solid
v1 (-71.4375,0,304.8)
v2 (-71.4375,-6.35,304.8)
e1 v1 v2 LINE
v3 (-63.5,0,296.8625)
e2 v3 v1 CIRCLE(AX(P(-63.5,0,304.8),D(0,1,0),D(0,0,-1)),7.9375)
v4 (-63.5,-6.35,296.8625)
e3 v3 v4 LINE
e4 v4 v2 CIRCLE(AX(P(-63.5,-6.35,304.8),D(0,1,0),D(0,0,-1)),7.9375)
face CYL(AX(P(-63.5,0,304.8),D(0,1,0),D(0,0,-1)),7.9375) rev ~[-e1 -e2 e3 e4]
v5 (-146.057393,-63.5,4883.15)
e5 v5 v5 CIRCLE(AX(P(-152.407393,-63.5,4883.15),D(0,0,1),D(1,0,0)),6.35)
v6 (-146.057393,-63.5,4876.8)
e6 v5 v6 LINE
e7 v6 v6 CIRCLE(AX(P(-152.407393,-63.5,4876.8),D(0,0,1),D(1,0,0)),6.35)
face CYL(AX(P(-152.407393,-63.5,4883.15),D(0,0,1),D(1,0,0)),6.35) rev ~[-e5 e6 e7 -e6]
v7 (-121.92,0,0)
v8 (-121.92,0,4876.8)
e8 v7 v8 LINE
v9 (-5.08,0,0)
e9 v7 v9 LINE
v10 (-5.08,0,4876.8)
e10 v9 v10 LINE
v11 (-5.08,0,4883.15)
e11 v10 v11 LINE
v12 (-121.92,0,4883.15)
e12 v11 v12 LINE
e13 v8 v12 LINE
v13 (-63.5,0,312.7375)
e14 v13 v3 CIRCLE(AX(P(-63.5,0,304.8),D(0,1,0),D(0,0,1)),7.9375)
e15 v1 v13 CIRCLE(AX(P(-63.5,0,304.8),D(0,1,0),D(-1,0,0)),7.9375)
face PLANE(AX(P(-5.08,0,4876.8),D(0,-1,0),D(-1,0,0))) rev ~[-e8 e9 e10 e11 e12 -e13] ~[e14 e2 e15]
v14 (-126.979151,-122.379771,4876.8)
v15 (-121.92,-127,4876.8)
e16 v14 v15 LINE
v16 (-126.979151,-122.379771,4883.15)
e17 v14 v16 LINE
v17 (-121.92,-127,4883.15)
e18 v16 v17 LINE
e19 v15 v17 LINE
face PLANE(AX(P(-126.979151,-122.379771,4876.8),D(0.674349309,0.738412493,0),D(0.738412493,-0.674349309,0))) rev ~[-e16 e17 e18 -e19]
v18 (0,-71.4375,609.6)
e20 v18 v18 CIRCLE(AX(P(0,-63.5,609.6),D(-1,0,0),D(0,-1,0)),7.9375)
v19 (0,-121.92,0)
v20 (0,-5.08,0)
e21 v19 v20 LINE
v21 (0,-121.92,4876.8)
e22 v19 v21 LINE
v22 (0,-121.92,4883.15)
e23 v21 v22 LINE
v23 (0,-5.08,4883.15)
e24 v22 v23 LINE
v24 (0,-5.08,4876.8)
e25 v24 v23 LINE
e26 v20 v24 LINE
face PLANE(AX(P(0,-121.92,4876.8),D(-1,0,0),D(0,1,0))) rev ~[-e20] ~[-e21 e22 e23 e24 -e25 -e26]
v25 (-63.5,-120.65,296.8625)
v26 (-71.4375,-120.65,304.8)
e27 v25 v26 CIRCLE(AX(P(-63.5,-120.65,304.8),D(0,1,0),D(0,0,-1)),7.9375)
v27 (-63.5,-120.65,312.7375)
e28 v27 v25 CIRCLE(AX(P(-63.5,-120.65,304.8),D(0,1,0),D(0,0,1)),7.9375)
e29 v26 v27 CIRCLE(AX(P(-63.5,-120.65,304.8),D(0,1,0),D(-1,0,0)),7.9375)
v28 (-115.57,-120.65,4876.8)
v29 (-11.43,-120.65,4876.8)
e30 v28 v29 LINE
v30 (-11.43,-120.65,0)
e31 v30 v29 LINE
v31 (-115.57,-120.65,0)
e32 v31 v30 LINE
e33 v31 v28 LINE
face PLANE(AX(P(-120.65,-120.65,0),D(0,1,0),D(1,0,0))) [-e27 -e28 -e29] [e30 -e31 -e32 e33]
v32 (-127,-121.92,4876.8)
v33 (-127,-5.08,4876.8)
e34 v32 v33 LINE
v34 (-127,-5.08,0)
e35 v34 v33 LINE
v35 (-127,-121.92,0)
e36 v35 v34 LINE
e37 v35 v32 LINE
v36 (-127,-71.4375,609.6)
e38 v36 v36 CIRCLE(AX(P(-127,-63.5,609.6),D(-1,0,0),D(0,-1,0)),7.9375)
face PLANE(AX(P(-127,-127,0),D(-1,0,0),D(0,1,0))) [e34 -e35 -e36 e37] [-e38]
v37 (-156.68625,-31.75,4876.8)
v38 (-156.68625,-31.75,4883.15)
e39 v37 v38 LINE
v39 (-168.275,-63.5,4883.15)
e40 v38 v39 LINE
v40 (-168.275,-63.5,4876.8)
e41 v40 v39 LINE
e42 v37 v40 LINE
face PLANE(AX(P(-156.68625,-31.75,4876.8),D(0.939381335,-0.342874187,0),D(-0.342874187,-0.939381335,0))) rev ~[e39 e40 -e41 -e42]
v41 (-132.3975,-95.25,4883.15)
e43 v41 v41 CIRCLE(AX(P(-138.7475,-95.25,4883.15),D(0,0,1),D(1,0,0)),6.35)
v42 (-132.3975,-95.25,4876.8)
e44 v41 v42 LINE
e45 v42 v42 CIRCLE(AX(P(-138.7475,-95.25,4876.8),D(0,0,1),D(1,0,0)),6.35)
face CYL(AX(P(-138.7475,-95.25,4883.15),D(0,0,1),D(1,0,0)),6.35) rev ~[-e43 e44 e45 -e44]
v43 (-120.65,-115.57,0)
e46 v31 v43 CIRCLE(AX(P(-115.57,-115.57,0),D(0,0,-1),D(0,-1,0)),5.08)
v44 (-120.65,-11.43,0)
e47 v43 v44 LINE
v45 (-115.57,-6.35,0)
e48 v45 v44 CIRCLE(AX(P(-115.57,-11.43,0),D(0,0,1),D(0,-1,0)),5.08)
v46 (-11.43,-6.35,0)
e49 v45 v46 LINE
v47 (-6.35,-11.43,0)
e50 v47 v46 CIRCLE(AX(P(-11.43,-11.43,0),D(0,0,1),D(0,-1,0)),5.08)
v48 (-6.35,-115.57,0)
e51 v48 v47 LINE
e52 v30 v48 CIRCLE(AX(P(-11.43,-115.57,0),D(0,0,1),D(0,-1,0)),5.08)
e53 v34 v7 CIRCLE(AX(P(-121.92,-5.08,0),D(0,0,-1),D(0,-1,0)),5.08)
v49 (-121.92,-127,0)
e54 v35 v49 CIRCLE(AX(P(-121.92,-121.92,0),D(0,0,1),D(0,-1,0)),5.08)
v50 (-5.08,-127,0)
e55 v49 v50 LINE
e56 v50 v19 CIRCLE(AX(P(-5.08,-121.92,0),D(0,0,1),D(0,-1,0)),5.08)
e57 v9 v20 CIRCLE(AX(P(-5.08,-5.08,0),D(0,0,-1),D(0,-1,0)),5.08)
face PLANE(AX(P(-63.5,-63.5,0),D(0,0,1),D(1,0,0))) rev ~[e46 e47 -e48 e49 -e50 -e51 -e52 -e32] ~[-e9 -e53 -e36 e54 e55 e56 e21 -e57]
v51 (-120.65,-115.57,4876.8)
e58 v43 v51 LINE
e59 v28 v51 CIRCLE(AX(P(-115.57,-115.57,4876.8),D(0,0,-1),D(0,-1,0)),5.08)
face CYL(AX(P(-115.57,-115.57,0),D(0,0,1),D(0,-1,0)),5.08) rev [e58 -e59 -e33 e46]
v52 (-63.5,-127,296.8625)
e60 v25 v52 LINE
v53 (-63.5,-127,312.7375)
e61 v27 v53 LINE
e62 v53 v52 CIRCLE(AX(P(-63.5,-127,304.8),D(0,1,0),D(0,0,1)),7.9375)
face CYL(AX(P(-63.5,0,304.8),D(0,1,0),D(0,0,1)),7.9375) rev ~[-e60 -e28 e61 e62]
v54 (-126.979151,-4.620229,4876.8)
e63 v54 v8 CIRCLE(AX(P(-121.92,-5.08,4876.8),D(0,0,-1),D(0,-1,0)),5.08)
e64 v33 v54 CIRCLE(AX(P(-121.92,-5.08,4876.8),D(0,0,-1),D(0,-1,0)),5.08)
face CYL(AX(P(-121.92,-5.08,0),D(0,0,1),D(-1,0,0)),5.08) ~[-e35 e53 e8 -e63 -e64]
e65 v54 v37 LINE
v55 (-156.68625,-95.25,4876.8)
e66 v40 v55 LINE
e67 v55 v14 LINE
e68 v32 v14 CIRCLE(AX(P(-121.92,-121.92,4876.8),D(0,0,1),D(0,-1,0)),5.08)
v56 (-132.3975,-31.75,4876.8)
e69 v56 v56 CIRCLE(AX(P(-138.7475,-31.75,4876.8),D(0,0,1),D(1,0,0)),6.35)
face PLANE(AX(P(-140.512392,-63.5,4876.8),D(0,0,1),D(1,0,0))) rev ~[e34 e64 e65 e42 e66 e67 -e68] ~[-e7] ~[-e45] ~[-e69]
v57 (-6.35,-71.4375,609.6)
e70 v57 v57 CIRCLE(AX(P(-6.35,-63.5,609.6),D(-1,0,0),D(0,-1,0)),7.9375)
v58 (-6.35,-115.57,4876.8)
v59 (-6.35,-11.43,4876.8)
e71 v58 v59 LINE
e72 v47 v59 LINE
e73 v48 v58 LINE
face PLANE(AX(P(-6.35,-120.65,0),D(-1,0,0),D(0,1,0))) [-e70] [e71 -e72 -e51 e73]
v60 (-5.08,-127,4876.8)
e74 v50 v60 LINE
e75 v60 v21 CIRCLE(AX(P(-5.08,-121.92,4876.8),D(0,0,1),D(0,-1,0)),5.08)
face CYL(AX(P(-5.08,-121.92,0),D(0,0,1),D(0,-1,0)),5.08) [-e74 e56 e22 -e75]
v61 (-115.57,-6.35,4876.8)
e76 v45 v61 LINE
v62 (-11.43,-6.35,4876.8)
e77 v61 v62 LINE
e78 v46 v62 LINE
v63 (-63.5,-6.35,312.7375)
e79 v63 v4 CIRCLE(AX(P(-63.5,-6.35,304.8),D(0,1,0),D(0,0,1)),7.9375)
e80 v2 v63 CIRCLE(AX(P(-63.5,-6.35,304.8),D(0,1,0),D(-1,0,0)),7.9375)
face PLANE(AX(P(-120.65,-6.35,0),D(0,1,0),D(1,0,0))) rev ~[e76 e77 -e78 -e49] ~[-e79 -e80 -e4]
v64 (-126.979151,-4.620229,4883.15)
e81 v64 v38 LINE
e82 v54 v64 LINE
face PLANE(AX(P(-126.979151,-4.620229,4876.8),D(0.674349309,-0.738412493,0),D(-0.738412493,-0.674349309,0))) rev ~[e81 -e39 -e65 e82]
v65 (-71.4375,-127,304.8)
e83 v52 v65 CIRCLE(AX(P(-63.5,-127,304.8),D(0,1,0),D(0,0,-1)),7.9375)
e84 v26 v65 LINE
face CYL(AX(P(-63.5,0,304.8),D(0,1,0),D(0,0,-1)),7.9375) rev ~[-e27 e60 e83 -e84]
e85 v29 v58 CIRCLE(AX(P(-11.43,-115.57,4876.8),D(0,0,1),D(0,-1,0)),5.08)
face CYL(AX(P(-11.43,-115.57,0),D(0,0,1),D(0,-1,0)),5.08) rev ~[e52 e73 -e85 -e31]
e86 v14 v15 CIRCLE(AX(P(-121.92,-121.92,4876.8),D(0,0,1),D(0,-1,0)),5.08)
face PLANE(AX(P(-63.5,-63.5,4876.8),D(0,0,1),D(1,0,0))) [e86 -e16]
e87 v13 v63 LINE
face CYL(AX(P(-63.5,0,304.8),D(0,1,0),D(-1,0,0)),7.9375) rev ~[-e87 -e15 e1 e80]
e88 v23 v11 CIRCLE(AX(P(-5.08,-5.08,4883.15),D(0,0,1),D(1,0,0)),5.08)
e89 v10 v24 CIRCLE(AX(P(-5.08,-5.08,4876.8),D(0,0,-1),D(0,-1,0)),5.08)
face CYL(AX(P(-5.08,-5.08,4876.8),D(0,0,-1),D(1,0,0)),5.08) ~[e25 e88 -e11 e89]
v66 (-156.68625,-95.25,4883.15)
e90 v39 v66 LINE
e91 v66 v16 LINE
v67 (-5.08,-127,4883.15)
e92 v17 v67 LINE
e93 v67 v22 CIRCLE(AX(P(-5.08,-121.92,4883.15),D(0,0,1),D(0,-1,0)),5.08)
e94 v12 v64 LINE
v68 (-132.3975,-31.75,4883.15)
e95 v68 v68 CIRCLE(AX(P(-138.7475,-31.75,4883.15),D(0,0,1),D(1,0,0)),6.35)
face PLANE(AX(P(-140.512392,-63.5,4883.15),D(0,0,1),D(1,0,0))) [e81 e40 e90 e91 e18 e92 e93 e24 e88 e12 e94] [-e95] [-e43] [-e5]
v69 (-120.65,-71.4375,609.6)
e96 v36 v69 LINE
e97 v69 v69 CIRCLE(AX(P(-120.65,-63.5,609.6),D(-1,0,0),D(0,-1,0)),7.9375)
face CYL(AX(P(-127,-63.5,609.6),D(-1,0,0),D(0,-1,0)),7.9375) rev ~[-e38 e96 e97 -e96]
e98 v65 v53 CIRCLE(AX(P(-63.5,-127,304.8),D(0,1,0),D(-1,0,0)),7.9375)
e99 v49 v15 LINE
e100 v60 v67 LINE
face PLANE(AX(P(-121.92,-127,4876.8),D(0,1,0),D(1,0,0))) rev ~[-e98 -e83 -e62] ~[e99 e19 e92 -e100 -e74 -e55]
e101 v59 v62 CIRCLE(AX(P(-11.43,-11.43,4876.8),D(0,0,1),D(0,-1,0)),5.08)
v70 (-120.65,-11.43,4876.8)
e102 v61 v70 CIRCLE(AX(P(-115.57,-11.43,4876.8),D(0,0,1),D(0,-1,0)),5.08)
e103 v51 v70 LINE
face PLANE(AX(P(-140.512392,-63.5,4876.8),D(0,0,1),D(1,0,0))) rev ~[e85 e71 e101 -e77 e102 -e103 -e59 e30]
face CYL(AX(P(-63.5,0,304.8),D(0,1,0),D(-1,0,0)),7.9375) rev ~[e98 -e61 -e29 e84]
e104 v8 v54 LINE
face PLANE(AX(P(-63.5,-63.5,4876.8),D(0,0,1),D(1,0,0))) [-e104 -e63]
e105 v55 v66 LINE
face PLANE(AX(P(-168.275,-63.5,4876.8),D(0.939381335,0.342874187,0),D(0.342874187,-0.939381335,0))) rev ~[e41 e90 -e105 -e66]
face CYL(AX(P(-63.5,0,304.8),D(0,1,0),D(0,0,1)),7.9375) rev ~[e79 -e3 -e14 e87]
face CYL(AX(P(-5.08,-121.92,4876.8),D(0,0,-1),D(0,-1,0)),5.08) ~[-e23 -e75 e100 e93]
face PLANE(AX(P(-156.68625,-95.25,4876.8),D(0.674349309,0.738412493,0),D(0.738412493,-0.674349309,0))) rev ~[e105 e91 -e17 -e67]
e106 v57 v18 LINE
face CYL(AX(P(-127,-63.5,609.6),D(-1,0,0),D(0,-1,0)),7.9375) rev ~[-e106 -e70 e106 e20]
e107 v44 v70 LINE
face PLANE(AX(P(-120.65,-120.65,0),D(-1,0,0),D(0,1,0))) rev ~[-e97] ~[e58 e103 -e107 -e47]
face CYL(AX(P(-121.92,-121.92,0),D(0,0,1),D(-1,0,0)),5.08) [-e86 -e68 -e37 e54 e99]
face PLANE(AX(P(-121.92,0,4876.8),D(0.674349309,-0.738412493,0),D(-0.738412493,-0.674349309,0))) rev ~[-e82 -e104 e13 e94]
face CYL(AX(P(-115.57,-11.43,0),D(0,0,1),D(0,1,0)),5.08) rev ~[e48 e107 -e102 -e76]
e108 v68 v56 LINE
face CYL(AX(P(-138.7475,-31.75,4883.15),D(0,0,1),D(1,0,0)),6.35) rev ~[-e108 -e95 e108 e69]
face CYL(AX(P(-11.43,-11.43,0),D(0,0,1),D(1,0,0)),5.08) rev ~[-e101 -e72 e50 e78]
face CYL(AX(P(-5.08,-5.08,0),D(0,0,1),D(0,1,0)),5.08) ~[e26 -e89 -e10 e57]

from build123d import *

# Parameters (mm, degrees)
F0_W      = 127
F0_H      = 127
F0_W_2    = 114.3
F0_H_2    = 114.3
F1_DEPTH  = 4876.8
F2_R      = 5.08
F4_DEPTH  = 127
F5_R      = 7.9375
F6_DEPTH  = 127
F8_DEPTH  = 6.35
F9_R      = 6.35
F10_DEPTH = 6.35


with BuildPart() as f1:
    # F0 (on Top) → F1 (new body)
    with BuildSketch(Plane.XY):
        with Locations((-63.5, -63.5)):
            Rectangle(F0_W, F0_H)
        with Locations((-63.5, -63.5)):
            Rectangle(F0_W_2, F0_H_2, mode=Mode.SUBTRACT)
    extrude(amount=F1_DEPTH)

    # F2
    f2_edges = [f1.edges().sort_by_distance(p)[0] for p in [
        (-127, 0, 2438.4),
        (-6.35, -6.35, 2438.4),
        (0, -127, 2438.4),
        (-127, -127, 2438.4),
        (-120.65, -6.35, 2438.4),
        (-120.65, -120.65, 2438.4),
        (0, 0, 2438.4),
        (-6.35, -120.65, 2438.4),
    ]]
    fillet(f2_edges, radius=F2_R)

    # F3 (on face) → F4 (cut)
    with BuildSketch(Plane(origin=(0, 0, 0), x_dir=(-1, 0, 0), z_dir=(0, 1, 0))):
        with BuildLine():
            ThreePointArc((63.5, 312.7375), (55.5625, 304.8), (63.5, 296.8625))
            Line((63.5, 296.8625), (63.5, 312.7375))
        make_face()
        with BuildLine():
            Line((63.5, 312.7375), (63.5, 296.8625))
            ThreePointArc((63.5, 296.8625), (69.1126600757, 299.1873399243), (71.4375, 304.8))
            ThreePointArc((71.4375, 304.8), (69.1126600757, 310.4126600757), (63.5, 312.7375))
        make_face()
    extrude(amount=-F4_DEPTH, mode=Mode.SUBTRACT)

    # F5 (on face) → F6 (cut)
    with BuildSketch(Plane(origin=(-127, 0, 0), x_dir=(0, -1, 0), z_dir=(-1, 0, 0))):
        with Locations((63.5, 609.6)):
            Circle(F5_R)
    extrude(amount=-F6_DEPTH, mode=Mode.SUBTRACT)

    # F7 (on face) → F8 (join)
    with BuildSketch(Plane.XY.offset(4876.8)):
        with BuildLine():
            Line((-156.68625, -95.25), (-126.9791512147, -122.3797705801))
            ThreePointArc((-126.9791512147, -122.3797705801), (-126.994785127, -122.1501215213), (-127, -121.92))
            Line((-127, -121.92), (-127, -5.08))
            ThreePointArc((-127, -5.08), (-126.994785127, -4.8498784787), (-126.9791512147, -4.6202294199))
            Line((-126.9791512147, -4.6202294199), (-156.68625, -31.75))
            Line((-156.68625, -31.75), (-168.275, -63.5))
            Line((-168.275, -63.5), (-156.68625, -95.25))
        make_face()
        with BuildLine():
            Line((-121.92, -127), (-5.08, -127))
            ThreePointArc((-5.08, -127), (-1.4878975516, -125.5121024484), (0, -121.92))
            Line((0, -121.92), (0, -5.08))
            ThreePointArc((0, -5.08), (-1.4878975516, -1.4878975516), (-5.08, 0))
            Line((-5.08, 0), (-121.92, 0))
            Line((-121.92, 0), (-126.9791512147, -4.6202294199))
            ThreePointArc((-126.9791512147, -4.6202294199), (-126.994785127, -4.8498784787), (-127, -5.08))
            Line((-127, -5.08), (-127, -121.92))
            ThreePointArc((-127, -121.92), (-126.994785127, -122.1501215213), (-126.9791512147, -122.3797705801))
            Line((-126.9791512147, -122.3797705801), (-121.92, -127))
        make_face()
        with BuildLine():
            ThreePointArc((-11.43, -6.35), (-7.8378975516, -7.8378975516), (-6.35, -11.43))
            Line((-6.35, -11.43), (-6.35, -115.57))
            ThreePointArc((-6.35, -115.57), (-7.8378975516, -119.1621024484), (-11.43, -120.65))
            Line((-11.43, -120.65), (-115.57, -120.65))
            ThreePointArc((-115.57, -120.65), (-119.1621024484, -119.1621024484), (-120.65, -115.57))
            Line((-120.65, -115.57), (-120.65, -11.43))
            ThreePointArc((-120.65, -11.43), (-119.1621024484, -7.8378975516), (-115.57, -6.35))
            Line((-115.57, -6.35), (-11.43, -6.35))
        make_face(mode=Mode.SUBTRACT)
        with BuildLine():
            Line((-6.35, -115.57), (-6.35, -11.43))
            ThreePointArc((-6.35, -11.43), (-7.8378975516, -7.8378975516), (-11.43, -6.35))
            Line((-11.43, -6.35), (-115.57, -6.35))
            ThreePointArc((-115.57, -6.35), (-119.1621024484, -7.8378975516), (-120.65, -11.43))
            Line((-120.65, -11.43), (-120.65, -115.57))
            ThreePointArc((-120.65, -115.57), (-119.1621024484, -119.1621024484), (-115.57, -120.65))
            Line((-115.57, -120.65), (-11.43, -120.65))
            ThreePointArc((-11.43, -120.65), (-7.8378975516, -119.1621024484), (-6.35, -115.57))
        make_face()
    extrude(amount=F8_DEPTH)

    # F9 (on face) → F10 (cut)
    with BuildSketch(Plane.XY.offset(4883.15)):
        with Locations((-138.7475, -31.75)):
            Circle(F9_R)
        with Locations((-152.4073928595, -63.5)):
            Circle(F9_R)
        with Locations((-138.7475, -95.25)):
            Circle(F9_R)
    extrude(amount=-F10_DEPTH, mode=Mode.SUBTRACT)


solid = f1.part
